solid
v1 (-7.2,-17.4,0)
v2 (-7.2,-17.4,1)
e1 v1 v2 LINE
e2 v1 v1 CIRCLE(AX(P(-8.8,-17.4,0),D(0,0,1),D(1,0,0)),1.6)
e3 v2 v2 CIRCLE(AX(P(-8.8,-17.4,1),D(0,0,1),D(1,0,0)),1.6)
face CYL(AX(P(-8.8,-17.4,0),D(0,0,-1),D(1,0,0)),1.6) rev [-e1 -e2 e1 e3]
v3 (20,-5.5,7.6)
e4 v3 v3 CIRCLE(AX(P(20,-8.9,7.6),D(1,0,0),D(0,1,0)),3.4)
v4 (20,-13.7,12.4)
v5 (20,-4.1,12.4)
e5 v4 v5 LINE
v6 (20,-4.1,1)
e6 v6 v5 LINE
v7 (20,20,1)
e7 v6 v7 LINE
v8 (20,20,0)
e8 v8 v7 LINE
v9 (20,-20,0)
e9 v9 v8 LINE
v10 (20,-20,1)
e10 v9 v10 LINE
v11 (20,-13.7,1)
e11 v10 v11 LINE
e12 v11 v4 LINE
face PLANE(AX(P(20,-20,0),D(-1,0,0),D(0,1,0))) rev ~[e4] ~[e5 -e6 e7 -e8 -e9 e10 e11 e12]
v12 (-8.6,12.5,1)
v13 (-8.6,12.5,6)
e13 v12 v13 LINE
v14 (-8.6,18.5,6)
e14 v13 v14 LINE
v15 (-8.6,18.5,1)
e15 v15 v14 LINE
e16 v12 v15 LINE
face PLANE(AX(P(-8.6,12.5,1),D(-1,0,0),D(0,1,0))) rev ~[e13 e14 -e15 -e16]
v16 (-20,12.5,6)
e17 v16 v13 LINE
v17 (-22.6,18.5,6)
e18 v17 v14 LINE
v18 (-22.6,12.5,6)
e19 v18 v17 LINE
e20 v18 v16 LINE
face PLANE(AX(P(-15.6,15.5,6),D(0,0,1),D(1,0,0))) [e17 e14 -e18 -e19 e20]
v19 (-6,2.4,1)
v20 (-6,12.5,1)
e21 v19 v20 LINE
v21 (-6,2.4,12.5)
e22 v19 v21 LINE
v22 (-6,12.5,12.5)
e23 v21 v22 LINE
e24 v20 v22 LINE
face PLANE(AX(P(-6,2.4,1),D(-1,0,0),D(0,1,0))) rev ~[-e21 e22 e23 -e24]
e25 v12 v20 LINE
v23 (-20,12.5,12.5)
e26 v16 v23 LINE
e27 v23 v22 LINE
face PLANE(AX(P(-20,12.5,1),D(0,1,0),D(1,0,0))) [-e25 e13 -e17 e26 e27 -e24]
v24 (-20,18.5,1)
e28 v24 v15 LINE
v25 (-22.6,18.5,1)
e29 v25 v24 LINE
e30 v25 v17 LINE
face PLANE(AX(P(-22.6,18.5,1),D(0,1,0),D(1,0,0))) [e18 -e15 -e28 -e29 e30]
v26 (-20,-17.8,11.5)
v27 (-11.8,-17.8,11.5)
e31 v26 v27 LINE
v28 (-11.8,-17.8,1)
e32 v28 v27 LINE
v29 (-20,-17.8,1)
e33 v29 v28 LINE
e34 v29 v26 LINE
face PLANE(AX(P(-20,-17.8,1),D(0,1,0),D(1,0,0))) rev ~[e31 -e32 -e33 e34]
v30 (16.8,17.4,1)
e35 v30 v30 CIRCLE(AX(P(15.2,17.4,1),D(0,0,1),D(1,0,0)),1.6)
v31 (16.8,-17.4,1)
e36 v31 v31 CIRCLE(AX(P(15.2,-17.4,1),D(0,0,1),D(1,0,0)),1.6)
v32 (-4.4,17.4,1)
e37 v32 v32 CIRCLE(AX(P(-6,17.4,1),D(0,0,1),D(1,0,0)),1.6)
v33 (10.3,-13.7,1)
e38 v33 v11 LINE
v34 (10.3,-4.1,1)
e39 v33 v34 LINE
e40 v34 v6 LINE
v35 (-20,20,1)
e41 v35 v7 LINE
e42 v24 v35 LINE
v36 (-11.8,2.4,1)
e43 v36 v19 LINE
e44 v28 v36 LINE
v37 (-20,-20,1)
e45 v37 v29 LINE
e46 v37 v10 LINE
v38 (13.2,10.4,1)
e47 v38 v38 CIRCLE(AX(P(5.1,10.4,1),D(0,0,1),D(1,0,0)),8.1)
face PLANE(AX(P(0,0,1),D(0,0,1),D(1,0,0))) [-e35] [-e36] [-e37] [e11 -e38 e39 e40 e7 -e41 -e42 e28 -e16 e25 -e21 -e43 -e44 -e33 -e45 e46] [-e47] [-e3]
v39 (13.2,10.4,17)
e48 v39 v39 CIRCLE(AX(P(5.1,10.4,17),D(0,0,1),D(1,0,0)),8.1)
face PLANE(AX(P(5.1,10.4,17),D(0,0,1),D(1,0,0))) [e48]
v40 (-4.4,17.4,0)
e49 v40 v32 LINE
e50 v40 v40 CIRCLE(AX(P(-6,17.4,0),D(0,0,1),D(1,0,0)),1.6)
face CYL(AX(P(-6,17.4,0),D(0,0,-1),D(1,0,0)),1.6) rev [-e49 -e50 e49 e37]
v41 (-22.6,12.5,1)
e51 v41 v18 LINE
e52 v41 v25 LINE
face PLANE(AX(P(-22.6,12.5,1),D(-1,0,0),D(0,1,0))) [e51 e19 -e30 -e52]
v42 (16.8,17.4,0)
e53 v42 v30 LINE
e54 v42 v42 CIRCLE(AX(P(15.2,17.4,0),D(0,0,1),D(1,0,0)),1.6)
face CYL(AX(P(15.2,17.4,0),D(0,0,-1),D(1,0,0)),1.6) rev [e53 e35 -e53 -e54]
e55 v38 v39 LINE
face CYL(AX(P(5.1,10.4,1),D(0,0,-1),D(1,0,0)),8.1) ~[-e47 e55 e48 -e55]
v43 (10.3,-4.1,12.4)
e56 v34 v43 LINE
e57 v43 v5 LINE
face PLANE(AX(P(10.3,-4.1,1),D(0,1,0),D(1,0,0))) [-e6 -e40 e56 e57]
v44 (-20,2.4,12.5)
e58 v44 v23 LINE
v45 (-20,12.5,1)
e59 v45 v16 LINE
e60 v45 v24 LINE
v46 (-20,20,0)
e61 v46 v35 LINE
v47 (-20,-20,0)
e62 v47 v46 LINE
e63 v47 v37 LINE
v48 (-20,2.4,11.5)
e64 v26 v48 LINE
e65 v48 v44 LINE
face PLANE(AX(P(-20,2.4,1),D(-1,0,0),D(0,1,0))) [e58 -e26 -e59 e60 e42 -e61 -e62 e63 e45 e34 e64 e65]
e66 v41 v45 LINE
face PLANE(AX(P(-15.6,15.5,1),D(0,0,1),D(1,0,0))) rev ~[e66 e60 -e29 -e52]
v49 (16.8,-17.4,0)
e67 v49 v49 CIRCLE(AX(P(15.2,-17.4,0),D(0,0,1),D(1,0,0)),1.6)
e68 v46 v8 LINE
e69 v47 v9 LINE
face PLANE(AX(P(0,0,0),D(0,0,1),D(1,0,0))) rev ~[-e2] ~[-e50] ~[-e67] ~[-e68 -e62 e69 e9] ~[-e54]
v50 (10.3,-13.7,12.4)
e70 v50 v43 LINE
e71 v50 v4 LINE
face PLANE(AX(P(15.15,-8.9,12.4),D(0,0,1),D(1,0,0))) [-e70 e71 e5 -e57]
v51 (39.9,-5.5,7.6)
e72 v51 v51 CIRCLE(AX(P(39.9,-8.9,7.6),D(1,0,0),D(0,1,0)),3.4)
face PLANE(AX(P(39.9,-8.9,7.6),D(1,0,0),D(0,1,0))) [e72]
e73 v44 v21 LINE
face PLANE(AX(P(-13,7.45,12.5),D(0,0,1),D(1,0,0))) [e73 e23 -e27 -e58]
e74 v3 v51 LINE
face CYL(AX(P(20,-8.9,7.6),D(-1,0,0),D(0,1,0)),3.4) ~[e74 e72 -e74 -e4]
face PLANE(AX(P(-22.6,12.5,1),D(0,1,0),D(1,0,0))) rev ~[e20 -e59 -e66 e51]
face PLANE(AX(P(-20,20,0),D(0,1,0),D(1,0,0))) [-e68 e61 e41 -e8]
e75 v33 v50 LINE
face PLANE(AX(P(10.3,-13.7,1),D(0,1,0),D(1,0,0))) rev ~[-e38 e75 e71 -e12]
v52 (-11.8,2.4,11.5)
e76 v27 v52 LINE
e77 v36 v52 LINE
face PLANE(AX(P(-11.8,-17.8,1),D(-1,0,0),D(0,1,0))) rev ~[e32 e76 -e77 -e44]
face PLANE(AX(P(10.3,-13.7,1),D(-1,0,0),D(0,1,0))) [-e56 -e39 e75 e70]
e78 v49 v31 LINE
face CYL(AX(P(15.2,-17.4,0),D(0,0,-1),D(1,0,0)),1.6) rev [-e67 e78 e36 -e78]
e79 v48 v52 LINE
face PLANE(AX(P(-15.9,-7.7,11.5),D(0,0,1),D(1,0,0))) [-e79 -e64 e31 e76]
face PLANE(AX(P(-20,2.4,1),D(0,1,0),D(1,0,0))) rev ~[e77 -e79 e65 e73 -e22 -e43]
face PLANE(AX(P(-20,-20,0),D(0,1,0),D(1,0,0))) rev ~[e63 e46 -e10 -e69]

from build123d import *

# Parameters (mm, degrees)
F0_W      = 40
F0_H      = 40
F0_R      = 1.6
F1_DEPTH  = 1
F2_W      = 9.7
F2_H      = 9.6
F3_DEPTH  = 11.4
F4_R      = 3.4
F5_DEPTH  = 19.9
F6_R      = 8.1
F7_DEPTH  = 16
F8_W      = 14
F8_H      = 6
F9_DEPTH  = 5
F10_W     = 8.2
F10_H     = 20.2
F11_DEPTH = 10.5
F12_W     = 14
F12_H     = 10.1
F13_DEPTH = 11.5


with BuildPart() as f1:
    # F0 (on Top) → F1 (new body)
    with BuildSketch(Plane.XY):
        Rectangle(F0_W, F0_H)
        with Locations((-8.8, -17.4)):
            Circle(F0_R, mode=Mode.SUBTRACT)
        with Locations((15.2, -17.4)):
            Circle(F0_R, mode=Mode.SUBTRACT)
        with Locations((-6, 17.4)):
            Circle(F0_R, mode=Mode.SUBTRACT)
        with Locations((15.2, 17.4)):
            Circle(F0_R, mode=Mode.SUBTRACT)
    extrude(amount=F1_DEPTH)

    # F2 (on face) → F3 (join)
    with BuildSketch(Plane.XY.offset(1)):
        with Locations((15.15, -8.9)):
            Rectangle(F2_W, F2_H)
    extrude(amount=F3_DEPTH)

    # F4 (on face) → F5 (join)
    with BuildSketch(Plane.YZ.offset(20)):
        with Locations((-8.9, 7.6)):
            Circle(F4_R)
    extrude(amount=F5_DEPTH)

    # F6 (on face) → F7 (join)
    with BuildSketch(Plane.XY.offset(1)):
        with Locations((5.1, 10.4)):
            Circle(F6_R)
    extrude(amount=F7_DEPTH)

    # F8 (on face) → F9 (join)
    with BuildSketch(Plane.XY.offset(1)):
        with Locations((-15.6, 15.5)):
            Rectangle(F8_W, F8_H)
    extrude(amount=F9_DEPTH)

    # F10 (on face) → F11 (join)
    with BuildSketch(Plane.XY.offset(1)):
        with Locations((-15.9, -7.7)):
            Rectangle(F10_W, F10_H)
    extrude(amount=F11_DEPTH)

    # F12 (on face) → F13 (join)
    with BuildSketch(Plane.XY.offset(1)):
        with Locations((-13, 7.45)):
            Rectangle(F12_W, F12_H)
    extrude(amount=F13_DEPTH)


solid = f1.part
